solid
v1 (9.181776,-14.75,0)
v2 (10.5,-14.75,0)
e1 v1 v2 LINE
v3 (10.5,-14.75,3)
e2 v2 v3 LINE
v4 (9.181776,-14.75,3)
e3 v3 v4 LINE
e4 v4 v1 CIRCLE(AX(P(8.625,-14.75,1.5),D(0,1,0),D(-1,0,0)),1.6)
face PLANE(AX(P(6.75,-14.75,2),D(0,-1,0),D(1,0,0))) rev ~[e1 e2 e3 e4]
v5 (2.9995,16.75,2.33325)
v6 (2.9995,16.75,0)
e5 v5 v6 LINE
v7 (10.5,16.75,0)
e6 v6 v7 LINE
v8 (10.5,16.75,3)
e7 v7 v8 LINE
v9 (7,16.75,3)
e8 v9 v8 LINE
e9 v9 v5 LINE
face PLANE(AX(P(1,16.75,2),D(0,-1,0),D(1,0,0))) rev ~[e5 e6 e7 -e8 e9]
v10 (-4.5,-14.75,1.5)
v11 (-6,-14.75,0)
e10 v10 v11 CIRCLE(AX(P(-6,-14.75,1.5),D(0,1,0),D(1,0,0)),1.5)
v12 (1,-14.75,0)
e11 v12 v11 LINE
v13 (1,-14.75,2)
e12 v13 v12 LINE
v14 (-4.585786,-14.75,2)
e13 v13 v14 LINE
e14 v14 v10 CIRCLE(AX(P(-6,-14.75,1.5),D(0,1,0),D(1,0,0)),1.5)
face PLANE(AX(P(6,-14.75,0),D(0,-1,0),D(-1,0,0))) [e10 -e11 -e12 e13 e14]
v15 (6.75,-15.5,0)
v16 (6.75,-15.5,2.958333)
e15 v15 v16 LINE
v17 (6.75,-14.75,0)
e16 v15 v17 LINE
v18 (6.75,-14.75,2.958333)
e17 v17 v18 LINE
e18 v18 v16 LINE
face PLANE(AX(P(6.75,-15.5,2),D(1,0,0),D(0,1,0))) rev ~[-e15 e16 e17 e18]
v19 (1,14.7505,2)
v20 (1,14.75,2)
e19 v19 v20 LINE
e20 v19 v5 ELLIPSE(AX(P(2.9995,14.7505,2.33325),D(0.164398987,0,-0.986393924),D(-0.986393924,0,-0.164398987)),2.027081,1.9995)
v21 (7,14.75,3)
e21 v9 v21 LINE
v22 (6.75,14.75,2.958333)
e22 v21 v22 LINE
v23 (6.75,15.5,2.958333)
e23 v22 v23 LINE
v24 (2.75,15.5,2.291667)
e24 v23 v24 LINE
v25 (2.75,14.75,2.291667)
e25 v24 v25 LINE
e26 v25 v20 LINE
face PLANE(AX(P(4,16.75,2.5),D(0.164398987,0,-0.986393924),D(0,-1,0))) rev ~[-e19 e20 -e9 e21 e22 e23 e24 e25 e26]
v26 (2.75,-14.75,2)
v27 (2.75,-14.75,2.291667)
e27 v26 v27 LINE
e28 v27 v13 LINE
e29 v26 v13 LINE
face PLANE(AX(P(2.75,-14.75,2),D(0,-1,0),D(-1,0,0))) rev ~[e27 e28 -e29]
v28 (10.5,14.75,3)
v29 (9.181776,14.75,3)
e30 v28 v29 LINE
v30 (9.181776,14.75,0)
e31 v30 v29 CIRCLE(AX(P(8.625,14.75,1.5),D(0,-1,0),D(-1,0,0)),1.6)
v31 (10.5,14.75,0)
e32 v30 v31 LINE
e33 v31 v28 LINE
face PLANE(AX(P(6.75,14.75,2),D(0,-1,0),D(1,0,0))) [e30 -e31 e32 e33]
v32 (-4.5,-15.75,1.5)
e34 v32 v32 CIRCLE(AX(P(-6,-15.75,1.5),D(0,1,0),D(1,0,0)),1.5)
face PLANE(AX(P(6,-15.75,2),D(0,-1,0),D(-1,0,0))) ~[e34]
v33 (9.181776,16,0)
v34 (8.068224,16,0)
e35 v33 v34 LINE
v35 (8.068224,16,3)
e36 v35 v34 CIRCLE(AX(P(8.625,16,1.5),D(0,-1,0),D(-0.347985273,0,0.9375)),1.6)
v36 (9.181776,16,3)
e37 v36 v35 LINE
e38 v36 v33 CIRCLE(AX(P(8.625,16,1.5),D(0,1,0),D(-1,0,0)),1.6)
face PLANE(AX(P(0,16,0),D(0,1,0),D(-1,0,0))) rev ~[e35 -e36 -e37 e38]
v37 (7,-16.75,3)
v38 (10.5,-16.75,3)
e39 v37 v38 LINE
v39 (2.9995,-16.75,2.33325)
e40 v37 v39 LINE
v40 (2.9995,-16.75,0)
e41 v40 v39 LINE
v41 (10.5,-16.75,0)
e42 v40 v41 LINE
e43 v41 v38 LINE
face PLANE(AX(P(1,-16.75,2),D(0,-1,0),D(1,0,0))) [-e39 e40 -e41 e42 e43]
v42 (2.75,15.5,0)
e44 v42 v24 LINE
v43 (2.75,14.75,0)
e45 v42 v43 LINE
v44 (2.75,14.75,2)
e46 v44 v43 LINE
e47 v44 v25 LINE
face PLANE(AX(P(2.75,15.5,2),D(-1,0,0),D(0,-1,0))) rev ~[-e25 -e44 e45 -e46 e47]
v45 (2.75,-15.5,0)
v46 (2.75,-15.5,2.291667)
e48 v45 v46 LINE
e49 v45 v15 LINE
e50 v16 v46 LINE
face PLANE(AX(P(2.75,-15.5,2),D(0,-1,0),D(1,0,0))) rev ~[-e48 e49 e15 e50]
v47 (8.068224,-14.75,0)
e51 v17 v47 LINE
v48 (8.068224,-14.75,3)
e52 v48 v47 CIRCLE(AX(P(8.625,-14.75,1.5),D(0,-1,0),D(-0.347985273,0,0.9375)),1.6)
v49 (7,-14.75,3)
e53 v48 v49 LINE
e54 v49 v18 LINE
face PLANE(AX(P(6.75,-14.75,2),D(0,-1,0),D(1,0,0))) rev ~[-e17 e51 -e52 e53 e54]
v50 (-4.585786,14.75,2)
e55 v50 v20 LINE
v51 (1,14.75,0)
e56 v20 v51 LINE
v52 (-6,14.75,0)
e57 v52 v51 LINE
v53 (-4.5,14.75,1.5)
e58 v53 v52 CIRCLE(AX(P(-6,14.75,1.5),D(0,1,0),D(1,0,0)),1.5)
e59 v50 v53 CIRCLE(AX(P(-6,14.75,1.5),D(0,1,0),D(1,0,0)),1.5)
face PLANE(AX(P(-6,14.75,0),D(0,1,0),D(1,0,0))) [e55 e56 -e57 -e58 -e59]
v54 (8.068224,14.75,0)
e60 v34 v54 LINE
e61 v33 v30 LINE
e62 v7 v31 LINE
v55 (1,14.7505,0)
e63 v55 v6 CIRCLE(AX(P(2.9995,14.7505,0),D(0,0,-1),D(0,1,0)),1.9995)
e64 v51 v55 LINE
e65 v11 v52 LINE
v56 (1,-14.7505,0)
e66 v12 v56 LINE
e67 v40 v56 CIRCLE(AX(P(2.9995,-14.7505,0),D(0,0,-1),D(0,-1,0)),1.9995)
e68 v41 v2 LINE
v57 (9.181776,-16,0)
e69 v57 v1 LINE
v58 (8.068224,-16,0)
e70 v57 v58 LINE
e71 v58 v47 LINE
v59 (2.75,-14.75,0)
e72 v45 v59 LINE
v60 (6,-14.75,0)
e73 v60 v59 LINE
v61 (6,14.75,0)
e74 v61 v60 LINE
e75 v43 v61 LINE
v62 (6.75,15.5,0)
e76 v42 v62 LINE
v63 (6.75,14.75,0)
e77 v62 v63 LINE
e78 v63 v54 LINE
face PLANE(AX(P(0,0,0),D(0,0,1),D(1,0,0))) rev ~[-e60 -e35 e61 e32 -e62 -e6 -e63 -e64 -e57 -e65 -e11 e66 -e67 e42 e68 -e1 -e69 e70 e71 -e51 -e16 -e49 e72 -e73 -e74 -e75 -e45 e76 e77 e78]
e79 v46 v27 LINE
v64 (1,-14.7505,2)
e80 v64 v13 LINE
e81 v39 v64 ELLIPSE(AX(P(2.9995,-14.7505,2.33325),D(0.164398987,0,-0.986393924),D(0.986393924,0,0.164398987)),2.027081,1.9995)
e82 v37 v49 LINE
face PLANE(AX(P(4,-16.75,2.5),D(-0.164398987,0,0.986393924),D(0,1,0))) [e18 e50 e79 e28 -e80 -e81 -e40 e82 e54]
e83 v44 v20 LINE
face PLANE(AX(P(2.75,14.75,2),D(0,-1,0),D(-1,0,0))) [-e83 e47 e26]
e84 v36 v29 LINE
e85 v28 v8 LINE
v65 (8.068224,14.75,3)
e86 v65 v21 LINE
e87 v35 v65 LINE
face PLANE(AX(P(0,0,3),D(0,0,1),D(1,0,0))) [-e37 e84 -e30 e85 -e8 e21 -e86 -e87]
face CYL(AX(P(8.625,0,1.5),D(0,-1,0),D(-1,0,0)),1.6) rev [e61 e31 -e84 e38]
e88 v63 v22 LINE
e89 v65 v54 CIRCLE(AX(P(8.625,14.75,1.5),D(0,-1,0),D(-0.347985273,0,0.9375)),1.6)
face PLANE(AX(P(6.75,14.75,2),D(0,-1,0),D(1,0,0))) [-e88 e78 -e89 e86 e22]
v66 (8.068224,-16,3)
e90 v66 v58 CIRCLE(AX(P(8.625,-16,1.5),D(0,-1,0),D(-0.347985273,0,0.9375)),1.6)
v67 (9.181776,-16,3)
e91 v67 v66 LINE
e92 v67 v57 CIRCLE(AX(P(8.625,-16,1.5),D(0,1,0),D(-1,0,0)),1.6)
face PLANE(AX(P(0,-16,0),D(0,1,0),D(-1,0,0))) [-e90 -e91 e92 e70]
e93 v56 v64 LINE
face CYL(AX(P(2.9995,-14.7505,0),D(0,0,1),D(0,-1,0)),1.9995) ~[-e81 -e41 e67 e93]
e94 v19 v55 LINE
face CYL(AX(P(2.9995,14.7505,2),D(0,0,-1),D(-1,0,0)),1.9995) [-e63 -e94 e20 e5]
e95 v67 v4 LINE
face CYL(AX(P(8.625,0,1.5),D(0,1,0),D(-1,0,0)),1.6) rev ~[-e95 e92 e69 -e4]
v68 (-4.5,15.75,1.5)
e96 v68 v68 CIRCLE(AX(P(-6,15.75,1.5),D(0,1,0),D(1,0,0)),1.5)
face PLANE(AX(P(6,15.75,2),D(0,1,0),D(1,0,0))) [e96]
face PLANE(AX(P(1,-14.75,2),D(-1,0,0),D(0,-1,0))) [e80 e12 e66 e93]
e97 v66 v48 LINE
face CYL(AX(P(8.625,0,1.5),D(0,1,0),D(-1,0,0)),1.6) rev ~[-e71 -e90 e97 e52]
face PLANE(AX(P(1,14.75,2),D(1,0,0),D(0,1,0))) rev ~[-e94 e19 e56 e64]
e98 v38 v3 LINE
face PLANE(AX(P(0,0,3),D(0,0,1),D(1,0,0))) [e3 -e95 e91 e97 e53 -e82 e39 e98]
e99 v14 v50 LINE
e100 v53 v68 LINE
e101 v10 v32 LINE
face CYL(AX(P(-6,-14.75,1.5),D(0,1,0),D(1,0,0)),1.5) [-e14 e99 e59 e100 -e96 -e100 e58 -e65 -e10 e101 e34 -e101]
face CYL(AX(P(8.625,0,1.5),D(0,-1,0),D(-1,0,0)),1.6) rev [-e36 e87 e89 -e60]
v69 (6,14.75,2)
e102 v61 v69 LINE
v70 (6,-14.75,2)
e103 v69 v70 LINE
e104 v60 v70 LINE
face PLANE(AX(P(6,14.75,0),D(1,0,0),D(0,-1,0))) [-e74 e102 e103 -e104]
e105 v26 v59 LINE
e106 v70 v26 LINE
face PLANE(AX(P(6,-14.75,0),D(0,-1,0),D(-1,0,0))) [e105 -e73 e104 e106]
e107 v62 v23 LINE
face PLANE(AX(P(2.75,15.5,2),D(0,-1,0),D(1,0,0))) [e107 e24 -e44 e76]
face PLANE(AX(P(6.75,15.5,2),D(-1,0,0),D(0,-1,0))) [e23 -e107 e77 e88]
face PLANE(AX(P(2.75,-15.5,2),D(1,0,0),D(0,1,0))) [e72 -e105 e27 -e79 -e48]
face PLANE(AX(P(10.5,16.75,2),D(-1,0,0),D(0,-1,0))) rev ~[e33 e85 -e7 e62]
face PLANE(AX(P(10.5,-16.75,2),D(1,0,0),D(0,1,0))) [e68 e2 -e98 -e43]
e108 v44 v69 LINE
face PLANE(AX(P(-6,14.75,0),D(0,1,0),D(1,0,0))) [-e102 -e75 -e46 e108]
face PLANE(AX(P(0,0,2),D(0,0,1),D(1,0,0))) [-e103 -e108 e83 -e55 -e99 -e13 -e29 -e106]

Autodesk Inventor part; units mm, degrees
ref_plane "YZ Plane" through (0, 0, 0) normal (1, 0, 0) x (0, 1, 0)
ref_plane "XZ Plane" through (0, 0, 0) normal (0, 1, 0) x (-1, 0, 0)
ref_plane "XY Plane" through (0, 0, 0) normal (0, 0, 1) x (1, 0, 0)
sketch "Sketch1" plane through (0, 0, 0) normal (0, 0, 1) x (1, 0, 0)
  line L0 (-8.4, 0) -> (8.4, 0) construction
  line L1 (0, -20.65) -> (0, 20.65) construction
  line L2 (6, -14.75) -> (-6, -14.75)
  line L3 (-6, -14.75) -> (-6, 14.75)
  line L4 (-6, 14.75) -> (6, 14.75)
  line L5 (6, 14.75) -> (6, -14.75)
  line L6 (6, -14.75) -> (-6, 14.75) construction
  line L7 (-6, -14.75) -> (6, 14.75) construction
  point P0 (0, 0)
  dimension "d0" = 12
  dimension "d1" = 29.5
extrude "Extrusion1" add sketch "Sketch1" along normal blind 2
sketch "Sketch3" plane through (-6, 14.75, 2) normal (0, 1, 0) x (1, 0, 0)
  line L0 (0, 2) -> (12, 2) construction
  line L1 (0, 2) -> (0, 0) construction
  line L2 (12, 0) -> (0, 0) construction
  circle A0 centre (0, 0.5) radius 1.5
  line L3 (12, 2) -> (12, 0) projected
  point P0 (6, 2)
  dimension "d7" = 3
extrude "Extrusion3" add sketch "Sketch3" against normal up to surface (29.5 mm away)
sketch "Sketch5" plane through (6, 14.75, 2) normal (0, 1, 0) x (1, 0, 0)
  arc A0 (-12, 2) -> (-10.5858, 0) centre (-12, 0.5) ccw construction
  line L0 (0, 0) -> (-10.5858, 0) construction
  line L1 (0, 2) -> (0, 0) construction
  line L2 (-12, 2) -> (0, 2) construction
  circle A1 centre (-12, 0.5) radius 1.5
  point P0 (-6, 2)
extrude "Extrusion5" add sketch "Sketch5" along normal blind 1
mirror "Mirror3" about plane through (0, 0, 0) normal (0, 1, 0) of "Extrusion5"
sketch "Sketch6" plane through (0, 0, 2) normal (0, 0, 1) x (1, 0, 0)
  line L0 (-4.5858, 14.75) -> (-4.5858, -14.75) construction
  line L1 (-4.5858, -14.75) -> (6, -14.75) construction
  line L2 (6, -14.75) -> (6, 14.75) construction
  line L3 (6, 14.75) -> (-4.5858, 14.75) construction
  line L4 (-9.1, 0) -> (12.6, 0) construction
  line L5 (-6, 14.75) -> (6, 14.75) projected
  line L6 (1, 14.75) -> (1, 16.75)
  line L7 (1, 16.75) -> (10.5, 16.75)
  line L8 (2.75, 15.5) -> (2.75, 14.75)
  line L9 (1, 14.75) -> (2.75, 14.75)
  line L10 (2.75, 15.5) -> (6.75, 15.5)
  line L11 (6.75, 15.5) -> (6.75, 14.75)
  line L12 (6.75, 14.75) -> (10.5, 14.75)
  line L13 (10.5, 16.75) -> (10.5, 14.75)
  line L14 (6, 14.75) -> (-4.5858, 14.75) projected
  line L15 (1, -14.75) -> (1, -16.75)
  line L16 (1, -16.75) -> (10.5, -16.75)
  line L17 (2.75, -15.5) -> (2.75, -14.75)
  line L18 (1, -14.75) -> (2.75, -14.75)
  line L19 (2.75, -15.5) -> (6.75, -15.5)
  line L20 (6.75, -15.5) -> (6.75, -14.75)
  line L21 (6.75, -14.75) -> (10.5, -14.75)
  line L22 (10.5, -16.75) -> (10.5, -14.75)
  line L23 (0, 14.75) -> (0, 17.3845) construction
  point P0 (0, 0)
  dimension "d14" = 2
  dimension "d15" = 0.75
  dimension "d16" = 0.75
  dimension "d17" = 1.75
  dimension "d18" = 4.5
  dimension "d40" = 1
extrude "Extrusion6" add sketch "Sketch6" against normal up to surface (2 mm away)
sketch "Skizze9" plane through (0, 0, 2) normal (0, 0, 1) x (1, 0, 0)
  line L0 (-4.5858, 14.75) -> (-4.5858, -14.75) construction
  line L1 (-4.5858, -14.75) -> (1, -14.75) construction
  line L2 (1, -14.75) -> (1, -16.75) construction
  line L3 (1, -16.75) -> (10.5, -16.75) construction
  line L4 (10.5, -16.75) -> (10.5, -14.75) construction
  line L5 (10.5, -14.75) -> (6.75, -14.75) construction
  line L6 (6.75, -14.75) -> (6.75, -15.5) construction
  line L7 (6.75, -15.5) -> (2.75, -15.5) construction
  line L8 (2.75, -15.5) -> (2.75, -14.75) construction
  line L9 (2.75, -14.75) -> (6, -14.75) construction
  line L10 (6, -14.75) -> (6, 14.75) construction
  line L11 (6, 14.75) -> (2.75, 14.75) construction
  line L12 (2.75, 14.75) -> (2.75, 15.5) construction
  line L13 (2.75, 15.5) -> (6.75, 15.5) construction
  line L14 (6.75, 15.5) -> (6.75, 14.75) construction
  line L15 (6.75, 14.75) -> (10.5, 14.75) construction
  line L16 (10.5, 14.75) -> (10.5, 16.75) construction
  line L17 (10.5, 16.75) -> (1, 16.75) construction
  line L18 (1, 16.75) -> (1, 14.75) construction
  line L19 (1, 14.75) -> (-4.5858, 14.75) construction
  line L20 (1, 14.75) -> (-4.5858, 14.75) projected
  line L21 (1, 16.75) -> (1, 14.75) projected
  line L22 (1, 14.75) -> (1, 16.75)
  line L23 (1, 16.75) -> (10.5, 16.75)
  line L24 (10.5, 14.75) -> (10.5, 16.75) projected
  line L25 (10.5, 16.75) -> (10.5, 14.75)
  line L26 (10.5, 14.75) -> (6.75, 14.75)
  line L27 (6.75, 15.5) -> (6.75, 14.75) projected
  line L28 (6.75, 14.75) -> (6.75, 15.5)
  line L29 (6.75, 15.5) -> (2.75, 15.5) projected
  line L30 (6.75, 15.5) -> (2.75, 15.5)
  line L31 (2.75, 14.75) -> (2.75, 15.5) projected
  line L32 (2.75, 15.5) -> (2.75, 14.75)
  line L33 (2.75, 14.75) -> (1, 14.75)
  line L34 (1, -16.75) -> (1, -14.75) projected
  line L35 (1, -14.75) -> (1, -16.75)
  line L36 (1, -16.75) -> (10.5, -16.75)
  line L37 (10.5, -16.75) -> (10.5, -14.75) projected
  line L38 (10.5, -16.75) -> (10.5, -14.75)
  line L39 (10.5, -14.75) -> (6.75, -14.75)
  line L40 (6.75, -14.75) -> (6.75, -15.5) projected
  line L41 (6.75, -14.75) -> (6.75, -15.5)
  line L42 (6.75, -15.5) -> (2.75, -15.5)
  line L43 (2.75, -15.5) -> (2.75, -14.75)
  line L44 (2.75, -14.75) -> (1, -14.75)
  point P0 (0, 0)
extrude "Extrusion9" add sketch "Skizze9" along normal blind 1
sketch "Skizze10" plane through (0, 0, 0) normal (0, 1, 0) x (-1, 0, 0)
  line L0 (-10.5, 0) -> (-1, 0) construction
  line L1 (-10.5, 0) -> (-10.5, 3) construction
  line L2 (-1, 3) -> (-10.5, 3) construction
  line L3 (-1, 0) -> (-1, 3) construction
  line L4 (-10.5, 0) -> (-6.75, 0) construction
  line L5 (-10.5, 0) -> (-10.5, 3) construction
  line L6 (-6.75, 3) -> (-10.5, 3) construction
  line L7 (-6.75, 0) -> (-6.75, 3) construction
  line L8 (-6.75, 1.5) -> (-10.5, 1.5) construction
  line L9 (-10.5, 3) -> (-1, 3) construction
  line L10 (-10.5, 0) -> (-6.75, 0) construction
  line L11 (-8.625, 0) -> (-8.625, 3) construction
  line L12 (-6.75, 3) -> (-10.5, 3) construction
  circle A0 centre (-8.625, 1.5) radius 1.6
  point P0 (0, 0)
  dimension "d32" = 3.2
extrude "Extrusion10" cut sketch "Skizze10" along normal mid plane 32
chamfer "Fase1" distance 6 distance2 1 1 edges at (1, 15.75, 3) measured on face at (6.5227, 16.5, 3)
chamfer "Fase2" distance 6 distance2 1 1 edges at (1, -15.75, 3) measured on face at (6.5227, -16.5, 3)
fillet "Rundung1" radius 2 2 edges at (1, 16.75, 1) (1, -16.75, 1)
properties part number "20_Rect_Aperture_door_hinge"
